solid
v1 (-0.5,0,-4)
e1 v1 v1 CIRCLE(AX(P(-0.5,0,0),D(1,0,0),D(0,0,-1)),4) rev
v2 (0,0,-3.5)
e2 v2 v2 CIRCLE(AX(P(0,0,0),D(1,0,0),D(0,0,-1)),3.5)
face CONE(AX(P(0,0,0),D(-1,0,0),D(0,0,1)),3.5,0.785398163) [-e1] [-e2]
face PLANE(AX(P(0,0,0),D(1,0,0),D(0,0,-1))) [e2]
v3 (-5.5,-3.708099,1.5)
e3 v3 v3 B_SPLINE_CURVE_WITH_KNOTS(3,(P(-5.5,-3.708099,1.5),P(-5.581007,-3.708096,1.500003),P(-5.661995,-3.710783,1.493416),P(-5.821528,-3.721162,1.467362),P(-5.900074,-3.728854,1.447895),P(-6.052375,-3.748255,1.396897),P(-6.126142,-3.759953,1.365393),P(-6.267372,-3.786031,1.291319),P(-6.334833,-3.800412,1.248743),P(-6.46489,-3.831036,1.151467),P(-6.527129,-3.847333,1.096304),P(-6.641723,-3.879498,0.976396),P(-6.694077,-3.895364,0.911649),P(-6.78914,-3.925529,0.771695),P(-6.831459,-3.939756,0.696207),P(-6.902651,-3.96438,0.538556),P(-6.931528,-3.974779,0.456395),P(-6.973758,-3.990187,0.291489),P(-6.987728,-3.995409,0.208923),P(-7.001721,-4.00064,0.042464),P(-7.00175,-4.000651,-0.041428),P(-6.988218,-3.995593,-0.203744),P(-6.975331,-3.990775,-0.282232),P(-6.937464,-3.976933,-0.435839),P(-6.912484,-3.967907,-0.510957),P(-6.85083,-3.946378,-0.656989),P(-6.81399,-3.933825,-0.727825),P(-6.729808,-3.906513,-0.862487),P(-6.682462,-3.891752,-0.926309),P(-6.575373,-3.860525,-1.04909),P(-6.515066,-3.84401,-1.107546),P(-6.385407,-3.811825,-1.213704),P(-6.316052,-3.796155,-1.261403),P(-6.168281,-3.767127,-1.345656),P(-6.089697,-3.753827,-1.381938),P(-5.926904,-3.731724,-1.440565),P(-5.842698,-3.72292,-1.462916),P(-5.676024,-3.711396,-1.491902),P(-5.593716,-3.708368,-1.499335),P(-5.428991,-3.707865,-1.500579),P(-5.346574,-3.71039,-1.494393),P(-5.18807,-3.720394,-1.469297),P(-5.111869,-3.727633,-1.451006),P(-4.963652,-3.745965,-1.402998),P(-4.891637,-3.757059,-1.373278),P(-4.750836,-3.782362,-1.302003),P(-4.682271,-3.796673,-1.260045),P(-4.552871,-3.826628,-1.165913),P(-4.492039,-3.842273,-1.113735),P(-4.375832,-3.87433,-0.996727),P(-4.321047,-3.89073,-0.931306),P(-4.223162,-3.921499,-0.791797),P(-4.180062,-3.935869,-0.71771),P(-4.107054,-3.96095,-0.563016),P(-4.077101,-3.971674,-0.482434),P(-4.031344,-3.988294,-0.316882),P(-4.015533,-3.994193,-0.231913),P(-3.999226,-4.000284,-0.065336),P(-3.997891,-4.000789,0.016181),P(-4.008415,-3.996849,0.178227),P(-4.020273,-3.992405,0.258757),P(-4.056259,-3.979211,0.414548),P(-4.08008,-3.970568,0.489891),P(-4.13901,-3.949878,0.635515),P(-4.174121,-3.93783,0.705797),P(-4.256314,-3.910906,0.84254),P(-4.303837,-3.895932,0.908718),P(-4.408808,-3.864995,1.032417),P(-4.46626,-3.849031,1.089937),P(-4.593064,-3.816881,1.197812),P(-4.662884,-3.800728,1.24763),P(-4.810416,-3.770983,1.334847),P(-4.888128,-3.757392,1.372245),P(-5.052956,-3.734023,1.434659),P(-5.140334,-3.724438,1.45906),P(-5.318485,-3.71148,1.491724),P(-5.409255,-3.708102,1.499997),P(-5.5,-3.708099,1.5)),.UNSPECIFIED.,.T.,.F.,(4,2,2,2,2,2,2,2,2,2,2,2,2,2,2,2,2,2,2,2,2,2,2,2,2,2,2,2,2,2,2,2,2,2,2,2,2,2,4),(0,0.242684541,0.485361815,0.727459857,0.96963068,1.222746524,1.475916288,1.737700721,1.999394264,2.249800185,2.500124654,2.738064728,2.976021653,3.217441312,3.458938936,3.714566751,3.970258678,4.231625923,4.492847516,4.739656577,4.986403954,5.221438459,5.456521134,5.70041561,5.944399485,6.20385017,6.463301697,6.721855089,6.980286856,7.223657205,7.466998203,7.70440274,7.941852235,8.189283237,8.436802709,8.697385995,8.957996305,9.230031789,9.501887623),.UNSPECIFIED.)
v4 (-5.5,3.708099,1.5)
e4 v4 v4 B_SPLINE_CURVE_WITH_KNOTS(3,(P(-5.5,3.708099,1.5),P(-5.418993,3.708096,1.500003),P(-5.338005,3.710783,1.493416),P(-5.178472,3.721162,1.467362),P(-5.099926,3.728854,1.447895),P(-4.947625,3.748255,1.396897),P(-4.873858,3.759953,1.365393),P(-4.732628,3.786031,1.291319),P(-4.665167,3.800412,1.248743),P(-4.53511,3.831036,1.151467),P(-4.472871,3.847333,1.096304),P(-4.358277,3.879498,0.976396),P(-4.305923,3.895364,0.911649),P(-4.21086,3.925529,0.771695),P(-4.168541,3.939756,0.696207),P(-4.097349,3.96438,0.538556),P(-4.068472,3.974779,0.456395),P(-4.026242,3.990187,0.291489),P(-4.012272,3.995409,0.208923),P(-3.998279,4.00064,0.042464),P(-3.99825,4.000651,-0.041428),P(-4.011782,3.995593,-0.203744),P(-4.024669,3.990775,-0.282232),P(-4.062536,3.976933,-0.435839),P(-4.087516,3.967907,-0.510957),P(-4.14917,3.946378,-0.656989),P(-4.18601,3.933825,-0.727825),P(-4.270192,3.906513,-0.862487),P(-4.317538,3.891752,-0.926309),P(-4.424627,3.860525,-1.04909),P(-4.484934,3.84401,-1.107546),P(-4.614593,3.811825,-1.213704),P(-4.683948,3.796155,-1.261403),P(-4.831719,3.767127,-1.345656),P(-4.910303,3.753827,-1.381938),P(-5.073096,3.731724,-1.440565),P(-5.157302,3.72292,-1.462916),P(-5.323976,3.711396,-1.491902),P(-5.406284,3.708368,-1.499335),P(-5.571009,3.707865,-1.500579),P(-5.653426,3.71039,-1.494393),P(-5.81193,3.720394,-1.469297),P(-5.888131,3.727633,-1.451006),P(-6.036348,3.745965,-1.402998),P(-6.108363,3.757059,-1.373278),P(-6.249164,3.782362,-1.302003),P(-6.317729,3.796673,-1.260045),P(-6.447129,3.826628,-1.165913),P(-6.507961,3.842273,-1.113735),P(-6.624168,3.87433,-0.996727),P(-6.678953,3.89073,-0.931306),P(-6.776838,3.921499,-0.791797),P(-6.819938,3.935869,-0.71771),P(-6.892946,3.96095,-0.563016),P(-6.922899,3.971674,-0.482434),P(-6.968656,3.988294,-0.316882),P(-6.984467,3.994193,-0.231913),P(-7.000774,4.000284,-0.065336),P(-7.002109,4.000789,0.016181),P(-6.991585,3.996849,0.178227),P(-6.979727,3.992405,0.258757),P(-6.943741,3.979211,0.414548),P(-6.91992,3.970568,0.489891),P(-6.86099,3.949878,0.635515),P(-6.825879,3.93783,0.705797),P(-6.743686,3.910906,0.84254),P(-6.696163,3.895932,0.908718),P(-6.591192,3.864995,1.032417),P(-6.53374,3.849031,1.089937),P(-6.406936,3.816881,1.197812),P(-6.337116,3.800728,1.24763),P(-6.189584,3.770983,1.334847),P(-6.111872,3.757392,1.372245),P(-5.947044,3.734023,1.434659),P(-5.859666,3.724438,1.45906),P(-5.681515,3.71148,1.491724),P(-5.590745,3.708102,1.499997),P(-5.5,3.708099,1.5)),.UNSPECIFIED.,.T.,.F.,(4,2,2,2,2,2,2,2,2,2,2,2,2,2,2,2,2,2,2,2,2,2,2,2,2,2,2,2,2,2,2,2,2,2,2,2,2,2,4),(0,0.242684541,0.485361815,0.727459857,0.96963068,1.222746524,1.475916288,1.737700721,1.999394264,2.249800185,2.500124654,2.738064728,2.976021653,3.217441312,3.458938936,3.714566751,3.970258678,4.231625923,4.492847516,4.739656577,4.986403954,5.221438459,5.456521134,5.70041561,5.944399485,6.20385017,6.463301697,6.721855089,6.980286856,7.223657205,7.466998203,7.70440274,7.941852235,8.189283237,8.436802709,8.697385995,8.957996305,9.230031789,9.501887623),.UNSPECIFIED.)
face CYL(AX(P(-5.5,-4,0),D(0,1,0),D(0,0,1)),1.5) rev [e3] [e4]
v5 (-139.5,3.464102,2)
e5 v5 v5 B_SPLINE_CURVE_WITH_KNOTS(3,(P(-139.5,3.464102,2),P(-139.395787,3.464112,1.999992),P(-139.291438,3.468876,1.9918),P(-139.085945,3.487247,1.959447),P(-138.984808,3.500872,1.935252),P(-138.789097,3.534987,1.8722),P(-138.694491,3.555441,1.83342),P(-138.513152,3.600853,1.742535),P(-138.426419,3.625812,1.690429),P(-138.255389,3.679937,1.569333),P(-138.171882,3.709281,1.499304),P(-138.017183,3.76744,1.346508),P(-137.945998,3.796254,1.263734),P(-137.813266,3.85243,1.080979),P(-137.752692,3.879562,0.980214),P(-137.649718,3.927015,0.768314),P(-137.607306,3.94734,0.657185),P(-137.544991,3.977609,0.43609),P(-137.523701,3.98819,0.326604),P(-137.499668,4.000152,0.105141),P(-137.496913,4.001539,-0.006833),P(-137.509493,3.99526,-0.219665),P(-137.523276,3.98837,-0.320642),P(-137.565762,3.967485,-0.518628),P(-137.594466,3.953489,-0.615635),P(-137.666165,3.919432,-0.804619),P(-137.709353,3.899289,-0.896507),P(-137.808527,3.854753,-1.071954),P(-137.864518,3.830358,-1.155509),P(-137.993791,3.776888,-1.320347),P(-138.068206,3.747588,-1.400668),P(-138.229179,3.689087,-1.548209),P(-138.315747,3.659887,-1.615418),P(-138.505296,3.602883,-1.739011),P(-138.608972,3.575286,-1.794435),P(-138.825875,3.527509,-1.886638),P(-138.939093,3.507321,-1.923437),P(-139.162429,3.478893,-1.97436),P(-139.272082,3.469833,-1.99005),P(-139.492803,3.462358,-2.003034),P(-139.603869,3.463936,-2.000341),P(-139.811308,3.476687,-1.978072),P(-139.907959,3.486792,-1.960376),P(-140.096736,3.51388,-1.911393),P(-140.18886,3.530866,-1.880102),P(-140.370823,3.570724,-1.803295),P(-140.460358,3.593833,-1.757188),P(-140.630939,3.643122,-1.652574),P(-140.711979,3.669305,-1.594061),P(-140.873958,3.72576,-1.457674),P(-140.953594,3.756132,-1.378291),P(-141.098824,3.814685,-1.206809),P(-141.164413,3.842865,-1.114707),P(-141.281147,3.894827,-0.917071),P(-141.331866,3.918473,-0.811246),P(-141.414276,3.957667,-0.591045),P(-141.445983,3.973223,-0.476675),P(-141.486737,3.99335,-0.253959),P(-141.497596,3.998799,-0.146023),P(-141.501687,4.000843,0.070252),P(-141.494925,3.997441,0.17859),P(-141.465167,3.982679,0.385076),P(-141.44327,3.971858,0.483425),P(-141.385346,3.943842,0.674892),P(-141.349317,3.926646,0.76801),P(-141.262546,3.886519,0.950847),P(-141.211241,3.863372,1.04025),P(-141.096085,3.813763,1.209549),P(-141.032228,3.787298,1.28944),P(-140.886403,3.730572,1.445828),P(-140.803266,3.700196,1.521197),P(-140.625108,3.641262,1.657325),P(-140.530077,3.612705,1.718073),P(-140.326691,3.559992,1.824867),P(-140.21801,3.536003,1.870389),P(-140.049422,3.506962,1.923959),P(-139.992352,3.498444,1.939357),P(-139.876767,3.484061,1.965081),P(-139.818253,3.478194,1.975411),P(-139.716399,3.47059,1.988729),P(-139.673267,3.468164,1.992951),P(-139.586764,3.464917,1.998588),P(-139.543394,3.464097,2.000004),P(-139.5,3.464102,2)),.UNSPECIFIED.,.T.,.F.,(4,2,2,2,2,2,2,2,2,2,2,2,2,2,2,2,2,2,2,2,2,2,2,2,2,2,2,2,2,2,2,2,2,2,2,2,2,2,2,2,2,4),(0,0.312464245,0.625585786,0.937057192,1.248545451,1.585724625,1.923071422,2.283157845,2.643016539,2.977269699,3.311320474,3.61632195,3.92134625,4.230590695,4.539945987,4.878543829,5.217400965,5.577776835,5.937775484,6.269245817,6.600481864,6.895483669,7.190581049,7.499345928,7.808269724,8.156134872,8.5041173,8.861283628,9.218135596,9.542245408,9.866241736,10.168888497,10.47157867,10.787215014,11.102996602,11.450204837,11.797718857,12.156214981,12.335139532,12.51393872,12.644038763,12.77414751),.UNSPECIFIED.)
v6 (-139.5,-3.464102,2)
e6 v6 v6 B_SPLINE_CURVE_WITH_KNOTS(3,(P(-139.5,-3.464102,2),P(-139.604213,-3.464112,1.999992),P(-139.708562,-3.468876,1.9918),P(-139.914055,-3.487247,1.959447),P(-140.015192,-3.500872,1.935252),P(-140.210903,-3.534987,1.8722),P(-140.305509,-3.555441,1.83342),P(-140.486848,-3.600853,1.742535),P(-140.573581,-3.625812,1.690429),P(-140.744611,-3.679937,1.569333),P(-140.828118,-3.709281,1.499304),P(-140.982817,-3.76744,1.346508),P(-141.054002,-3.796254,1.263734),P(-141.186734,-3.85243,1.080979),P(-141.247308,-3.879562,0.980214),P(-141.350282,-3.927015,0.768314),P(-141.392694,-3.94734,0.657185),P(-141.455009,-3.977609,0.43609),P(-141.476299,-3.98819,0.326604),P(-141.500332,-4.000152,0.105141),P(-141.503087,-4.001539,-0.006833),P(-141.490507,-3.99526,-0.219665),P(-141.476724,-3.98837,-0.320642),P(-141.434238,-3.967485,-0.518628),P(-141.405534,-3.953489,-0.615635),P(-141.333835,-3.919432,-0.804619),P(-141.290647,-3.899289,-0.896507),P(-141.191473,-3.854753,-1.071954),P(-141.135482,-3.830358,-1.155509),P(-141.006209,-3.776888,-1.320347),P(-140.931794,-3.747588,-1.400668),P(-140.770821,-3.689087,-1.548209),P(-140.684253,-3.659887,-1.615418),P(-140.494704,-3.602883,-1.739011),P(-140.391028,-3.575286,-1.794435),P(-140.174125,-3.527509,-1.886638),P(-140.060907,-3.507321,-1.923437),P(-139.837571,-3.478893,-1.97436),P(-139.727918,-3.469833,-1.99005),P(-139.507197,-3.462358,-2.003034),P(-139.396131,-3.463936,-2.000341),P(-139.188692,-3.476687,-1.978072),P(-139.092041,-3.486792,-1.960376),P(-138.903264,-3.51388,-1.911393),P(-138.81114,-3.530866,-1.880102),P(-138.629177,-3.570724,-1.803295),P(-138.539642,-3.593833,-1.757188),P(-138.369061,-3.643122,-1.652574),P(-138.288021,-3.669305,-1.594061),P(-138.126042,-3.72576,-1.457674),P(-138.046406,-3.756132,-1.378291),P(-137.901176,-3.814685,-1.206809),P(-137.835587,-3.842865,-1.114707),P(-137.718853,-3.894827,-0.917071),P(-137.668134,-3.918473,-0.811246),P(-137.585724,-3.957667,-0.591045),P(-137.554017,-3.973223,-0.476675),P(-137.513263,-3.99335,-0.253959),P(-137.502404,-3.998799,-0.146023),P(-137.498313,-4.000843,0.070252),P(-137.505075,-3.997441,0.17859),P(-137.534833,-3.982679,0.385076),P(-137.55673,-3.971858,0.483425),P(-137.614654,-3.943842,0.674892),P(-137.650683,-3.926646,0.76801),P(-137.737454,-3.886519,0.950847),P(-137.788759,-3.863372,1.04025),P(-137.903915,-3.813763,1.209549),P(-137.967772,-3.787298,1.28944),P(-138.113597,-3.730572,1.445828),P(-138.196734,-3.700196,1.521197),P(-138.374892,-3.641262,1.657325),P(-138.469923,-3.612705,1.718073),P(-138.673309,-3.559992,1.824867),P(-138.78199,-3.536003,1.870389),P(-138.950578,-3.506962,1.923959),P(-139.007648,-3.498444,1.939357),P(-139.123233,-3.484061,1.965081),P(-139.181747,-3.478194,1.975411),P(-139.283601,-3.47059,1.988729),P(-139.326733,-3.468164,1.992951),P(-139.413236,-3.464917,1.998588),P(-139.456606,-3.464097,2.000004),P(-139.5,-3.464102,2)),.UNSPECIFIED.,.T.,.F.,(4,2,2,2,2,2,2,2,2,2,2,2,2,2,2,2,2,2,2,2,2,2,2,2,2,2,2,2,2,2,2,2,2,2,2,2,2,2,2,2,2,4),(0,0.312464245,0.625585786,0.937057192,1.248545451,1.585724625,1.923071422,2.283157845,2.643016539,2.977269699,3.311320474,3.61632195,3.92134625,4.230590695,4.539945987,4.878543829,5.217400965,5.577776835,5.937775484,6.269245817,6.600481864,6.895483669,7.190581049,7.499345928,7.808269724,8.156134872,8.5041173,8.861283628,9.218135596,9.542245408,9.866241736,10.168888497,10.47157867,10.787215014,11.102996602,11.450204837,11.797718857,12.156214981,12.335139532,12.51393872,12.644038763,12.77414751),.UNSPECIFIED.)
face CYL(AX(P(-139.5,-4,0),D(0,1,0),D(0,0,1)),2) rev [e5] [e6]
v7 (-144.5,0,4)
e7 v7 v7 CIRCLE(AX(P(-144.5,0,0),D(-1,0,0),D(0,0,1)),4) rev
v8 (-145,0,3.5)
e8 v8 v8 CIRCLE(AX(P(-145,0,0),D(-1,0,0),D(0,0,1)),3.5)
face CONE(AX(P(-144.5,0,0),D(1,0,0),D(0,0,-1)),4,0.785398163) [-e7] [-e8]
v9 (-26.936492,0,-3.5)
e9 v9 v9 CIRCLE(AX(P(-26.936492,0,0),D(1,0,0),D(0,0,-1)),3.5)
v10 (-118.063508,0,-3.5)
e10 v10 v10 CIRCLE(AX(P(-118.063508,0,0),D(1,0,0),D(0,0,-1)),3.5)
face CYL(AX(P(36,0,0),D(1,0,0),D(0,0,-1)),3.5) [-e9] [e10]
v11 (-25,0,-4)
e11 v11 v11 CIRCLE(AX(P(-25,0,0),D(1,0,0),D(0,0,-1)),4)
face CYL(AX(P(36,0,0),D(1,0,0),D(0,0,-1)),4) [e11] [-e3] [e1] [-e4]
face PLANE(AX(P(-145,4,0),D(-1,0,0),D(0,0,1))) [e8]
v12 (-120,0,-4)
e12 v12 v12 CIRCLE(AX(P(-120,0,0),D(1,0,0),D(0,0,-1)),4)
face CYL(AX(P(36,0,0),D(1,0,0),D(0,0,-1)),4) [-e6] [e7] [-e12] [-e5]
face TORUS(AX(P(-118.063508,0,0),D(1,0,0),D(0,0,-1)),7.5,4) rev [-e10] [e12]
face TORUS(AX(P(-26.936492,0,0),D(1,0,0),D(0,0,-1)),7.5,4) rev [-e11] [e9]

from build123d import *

# Parameters (mm, degrees)
ESQUISSE3_R             = 1.5
ESQUISSE3_R_2           = 2
ENL_V_MAT_EXTRU_2_DEPTH = 146.729200917
CHANFREIN1_SIZE         = 0.5


with BuildPart() as part:
    # Esquisse1 → Base-Révolution (revolve)
    with BuildSketch(Plane.XY, mode=Mode.PRIVATE) as base_r_volution_sk:
        with BuildLine():
            Line((0, 0), (0, 4))
            Line((0, 4), (-25, 4))
            ThreePointArc((-25, 4), (-25.936491673, 3.627016654), (-26.936491673, 3.5))
            Line((-26.936491673, 3.5), (-118.063508327, 3.5))
            ThreePointArc((-118.063508327, 3.5), (-119.063508327, 3.627016654), (-120, 4))
            Line((-120, 4), (-145, 4))
            Line((-145, 4), (-145, 0))
            Line((-145, 0), (0, 0))
        make_face()
    revolve(base_r_volution_sk.sketch.rotate(Axis((36, 0, 0), (-1, 0, 0)), 90), axis=Axis((36, 0, 0), (-1, 0, 0)))

    # Esquisse3 → Enlèv. mat.-Extru.2 (cut, through all)
    with BuildSketch(Plane(origin=(0, 10, 0), x_dir=(-1, 0, 0), z_dir=(0, 1, 0))):
        with Locations(Location((5.5, 0, 0), (0, 0, 90))):
            Circle(ESQUISSE3_R)
        with Locations(Location((139.5, 0, 0), (0, 0, 90))):
            Circle(ESQUISSE3_R_2)
    extrude(amount=-ENL_V_MAT_EXTRU_2_DEPTH, mode=Mode.SUBTRACT)

    # Chanfrein1
    chanfrein1_edges = [part.edges().sort_by_distance(p)[0] for p in [
        (0, 0, 4),
        (-145, 0, 4),
    ]]
    chamfer(chanfrein1_edges, length=CHANFREIN1_SIZE)


solid = part.part
